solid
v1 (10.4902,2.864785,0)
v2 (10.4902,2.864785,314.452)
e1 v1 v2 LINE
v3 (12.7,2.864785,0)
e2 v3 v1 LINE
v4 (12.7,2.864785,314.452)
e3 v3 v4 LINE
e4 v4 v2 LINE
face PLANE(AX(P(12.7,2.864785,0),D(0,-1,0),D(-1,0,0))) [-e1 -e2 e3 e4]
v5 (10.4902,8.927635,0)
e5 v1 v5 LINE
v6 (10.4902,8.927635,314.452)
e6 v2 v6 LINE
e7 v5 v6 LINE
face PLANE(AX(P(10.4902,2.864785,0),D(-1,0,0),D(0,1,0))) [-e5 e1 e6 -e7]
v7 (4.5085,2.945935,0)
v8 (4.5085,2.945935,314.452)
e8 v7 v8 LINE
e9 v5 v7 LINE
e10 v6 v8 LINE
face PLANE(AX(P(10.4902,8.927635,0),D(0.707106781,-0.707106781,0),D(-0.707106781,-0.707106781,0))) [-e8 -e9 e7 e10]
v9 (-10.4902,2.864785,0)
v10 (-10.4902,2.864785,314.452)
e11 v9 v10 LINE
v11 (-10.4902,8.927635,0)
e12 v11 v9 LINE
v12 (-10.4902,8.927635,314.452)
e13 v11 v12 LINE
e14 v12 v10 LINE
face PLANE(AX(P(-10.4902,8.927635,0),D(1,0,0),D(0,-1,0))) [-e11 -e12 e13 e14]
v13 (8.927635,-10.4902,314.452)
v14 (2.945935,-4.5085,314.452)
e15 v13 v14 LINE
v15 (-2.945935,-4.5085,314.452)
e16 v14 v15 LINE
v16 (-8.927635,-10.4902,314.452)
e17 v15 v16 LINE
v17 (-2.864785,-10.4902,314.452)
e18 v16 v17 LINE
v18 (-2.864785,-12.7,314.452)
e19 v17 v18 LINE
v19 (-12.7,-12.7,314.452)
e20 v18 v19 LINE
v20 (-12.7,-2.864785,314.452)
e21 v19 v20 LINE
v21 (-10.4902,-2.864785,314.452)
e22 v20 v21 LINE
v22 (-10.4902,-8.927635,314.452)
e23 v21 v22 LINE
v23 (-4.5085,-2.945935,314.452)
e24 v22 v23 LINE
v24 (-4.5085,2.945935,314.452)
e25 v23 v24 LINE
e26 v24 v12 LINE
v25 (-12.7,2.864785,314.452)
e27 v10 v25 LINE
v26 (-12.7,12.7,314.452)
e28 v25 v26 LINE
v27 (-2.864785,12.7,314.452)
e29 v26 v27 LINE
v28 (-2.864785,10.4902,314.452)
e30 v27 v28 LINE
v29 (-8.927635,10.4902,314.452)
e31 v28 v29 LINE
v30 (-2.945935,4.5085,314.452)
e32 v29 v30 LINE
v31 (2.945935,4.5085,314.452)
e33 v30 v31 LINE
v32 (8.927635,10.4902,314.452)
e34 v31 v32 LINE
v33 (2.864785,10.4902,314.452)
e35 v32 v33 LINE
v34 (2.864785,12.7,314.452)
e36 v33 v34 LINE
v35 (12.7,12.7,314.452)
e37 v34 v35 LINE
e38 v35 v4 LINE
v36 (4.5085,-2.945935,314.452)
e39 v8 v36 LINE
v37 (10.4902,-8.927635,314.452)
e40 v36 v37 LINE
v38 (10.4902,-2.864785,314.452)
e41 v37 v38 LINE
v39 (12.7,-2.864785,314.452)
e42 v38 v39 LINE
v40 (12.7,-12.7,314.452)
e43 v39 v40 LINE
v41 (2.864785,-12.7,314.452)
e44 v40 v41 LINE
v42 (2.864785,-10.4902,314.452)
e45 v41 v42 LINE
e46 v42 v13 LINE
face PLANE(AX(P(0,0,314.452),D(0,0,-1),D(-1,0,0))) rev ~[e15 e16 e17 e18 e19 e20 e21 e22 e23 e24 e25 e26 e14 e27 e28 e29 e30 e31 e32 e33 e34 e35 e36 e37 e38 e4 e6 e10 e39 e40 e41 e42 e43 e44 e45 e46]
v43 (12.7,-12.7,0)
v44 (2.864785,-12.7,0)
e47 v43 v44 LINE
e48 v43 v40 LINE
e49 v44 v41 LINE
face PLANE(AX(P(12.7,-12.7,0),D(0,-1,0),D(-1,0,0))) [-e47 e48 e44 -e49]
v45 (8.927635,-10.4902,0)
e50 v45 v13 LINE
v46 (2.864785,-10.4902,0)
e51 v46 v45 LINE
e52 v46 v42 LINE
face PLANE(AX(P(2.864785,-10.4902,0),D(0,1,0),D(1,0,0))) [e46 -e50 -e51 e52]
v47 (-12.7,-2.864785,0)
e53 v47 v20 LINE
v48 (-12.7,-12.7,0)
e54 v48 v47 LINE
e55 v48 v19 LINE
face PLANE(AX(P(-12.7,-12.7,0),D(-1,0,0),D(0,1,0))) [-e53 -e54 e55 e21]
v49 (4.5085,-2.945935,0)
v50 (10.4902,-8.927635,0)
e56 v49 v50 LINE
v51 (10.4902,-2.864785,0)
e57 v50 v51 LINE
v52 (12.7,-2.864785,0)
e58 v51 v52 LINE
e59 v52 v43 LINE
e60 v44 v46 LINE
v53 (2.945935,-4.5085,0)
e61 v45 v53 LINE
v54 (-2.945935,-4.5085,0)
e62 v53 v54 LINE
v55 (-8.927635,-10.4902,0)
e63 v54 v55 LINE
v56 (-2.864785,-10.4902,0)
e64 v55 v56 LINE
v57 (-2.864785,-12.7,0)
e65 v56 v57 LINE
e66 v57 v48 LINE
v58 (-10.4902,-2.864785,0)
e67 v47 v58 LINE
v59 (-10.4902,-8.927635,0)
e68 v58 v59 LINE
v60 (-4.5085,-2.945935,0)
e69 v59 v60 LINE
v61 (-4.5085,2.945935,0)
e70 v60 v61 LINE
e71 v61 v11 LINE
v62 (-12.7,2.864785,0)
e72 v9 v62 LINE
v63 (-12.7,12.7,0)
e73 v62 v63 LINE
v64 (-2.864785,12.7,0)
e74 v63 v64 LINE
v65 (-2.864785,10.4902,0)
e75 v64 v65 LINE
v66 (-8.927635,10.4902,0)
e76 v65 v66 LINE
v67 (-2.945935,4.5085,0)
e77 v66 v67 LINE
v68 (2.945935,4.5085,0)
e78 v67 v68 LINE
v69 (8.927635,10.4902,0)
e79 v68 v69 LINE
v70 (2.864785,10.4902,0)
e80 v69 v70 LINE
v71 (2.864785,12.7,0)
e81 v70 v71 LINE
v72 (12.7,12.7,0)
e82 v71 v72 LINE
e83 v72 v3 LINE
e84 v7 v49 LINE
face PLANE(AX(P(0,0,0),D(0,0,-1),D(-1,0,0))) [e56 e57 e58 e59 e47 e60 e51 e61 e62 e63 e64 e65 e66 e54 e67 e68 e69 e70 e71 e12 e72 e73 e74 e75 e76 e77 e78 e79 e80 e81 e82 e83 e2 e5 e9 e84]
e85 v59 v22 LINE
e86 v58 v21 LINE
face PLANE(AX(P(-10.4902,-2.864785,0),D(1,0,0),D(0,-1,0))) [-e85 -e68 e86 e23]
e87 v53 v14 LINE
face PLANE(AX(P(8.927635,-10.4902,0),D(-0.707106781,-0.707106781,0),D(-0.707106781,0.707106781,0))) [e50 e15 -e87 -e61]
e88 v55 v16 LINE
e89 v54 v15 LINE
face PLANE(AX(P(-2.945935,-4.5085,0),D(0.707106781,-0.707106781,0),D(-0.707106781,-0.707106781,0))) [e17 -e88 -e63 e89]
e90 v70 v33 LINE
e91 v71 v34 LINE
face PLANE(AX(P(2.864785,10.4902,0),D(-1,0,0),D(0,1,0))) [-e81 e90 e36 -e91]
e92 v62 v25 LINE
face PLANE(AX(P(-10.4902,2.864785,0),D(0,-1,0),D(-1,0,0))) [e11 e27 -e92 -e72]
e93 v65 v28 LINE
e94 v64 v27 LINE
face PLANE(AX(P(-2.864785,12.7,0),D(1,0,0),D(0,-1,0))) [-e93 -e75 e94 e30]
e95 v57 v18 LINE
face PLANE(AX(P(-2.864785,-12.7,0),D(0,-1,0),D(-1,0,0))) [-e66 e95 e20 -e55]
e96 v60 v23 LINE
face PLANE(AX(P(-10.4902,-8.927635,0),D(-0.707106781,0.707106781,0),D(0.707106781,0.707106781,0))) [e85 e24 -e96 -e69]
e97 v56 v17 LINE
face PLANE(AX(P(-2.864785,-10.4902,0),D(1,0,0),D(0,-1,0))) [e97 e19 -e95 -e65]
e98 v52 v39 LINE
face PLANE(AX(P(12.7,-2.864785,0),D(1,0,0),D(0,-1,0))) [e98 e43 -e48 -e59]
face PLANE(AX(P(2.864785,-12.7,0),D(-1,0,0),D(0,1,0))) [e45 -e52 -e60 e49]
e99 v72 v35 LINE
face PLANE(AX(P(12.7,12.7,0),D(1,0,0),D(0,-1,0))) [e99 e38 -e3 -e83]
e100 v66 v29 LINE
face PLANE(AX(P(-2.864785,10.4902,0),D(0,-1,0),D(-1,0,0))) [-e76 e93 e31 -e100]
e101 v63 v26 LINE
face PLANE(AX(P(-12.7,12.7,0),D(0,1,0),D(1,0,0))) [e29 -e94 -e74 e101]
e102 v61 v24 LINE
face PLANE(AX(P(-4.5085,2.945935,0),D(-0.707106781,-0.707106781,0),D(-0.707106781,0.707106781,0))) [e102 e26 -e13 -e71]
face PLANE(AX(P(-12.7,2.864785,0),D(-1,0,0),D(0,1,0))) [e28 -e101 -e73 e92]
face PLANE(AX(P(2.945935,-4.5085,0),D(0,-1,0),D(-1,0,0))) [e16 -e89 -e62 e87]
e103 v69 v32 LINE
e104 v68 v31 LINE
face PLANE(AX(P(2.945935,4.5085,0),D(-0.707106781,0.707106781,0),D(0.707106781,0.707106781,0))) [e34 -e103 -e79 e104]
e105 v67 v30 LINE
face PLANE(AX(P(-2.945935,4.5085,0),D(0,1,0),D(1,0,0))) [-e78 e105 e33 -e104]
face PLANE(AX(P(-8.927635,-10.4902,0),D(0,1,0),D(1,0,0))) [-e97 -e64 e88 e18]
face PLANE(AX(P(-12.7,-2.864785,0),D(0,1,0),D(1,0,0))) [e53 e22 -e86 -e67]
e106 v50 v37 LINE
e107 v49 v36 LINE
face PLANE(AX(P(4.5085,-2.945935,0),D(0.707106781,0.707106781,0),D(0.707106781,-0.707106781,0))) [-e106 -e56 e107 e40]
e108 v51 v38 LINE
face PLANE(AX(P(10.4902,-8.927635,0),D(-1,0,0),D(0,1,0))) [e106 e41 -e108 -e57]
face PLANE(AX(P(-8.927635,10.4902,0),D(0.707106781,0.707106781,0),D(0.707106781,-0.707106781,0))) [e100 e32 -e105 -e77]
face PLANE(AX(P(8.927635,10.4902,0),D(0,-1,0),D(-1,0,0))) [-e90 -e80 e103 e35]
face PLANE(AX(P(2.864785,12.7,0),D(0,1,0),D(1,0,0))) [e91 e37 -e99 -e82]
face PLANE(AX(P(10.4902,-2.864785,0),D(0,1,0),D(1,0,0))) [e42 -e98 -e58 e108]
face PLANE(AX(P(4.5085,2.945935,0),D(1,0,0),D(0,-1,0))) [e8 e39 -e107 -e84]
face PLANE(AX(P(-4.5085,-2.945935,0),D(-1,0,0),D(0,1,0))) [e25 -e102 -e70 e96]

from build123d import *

# Parameters (mm, degrees)
BOSS_EXTRUDE1_DEPTH = 314.452


with BuildPart() as part:
    # Sketch1 → Boss-Extrude1 (new body)
    with BuildSketch(Plane(origin=(11.365010382, -9.846206226, 0), x_dir=(1, 0, 0), z_dir=(0, 0, 1))):
        Polygon((-24.065010382, 22.546206226), (-14.229795365, 22.546206226), (-14.229795365, 20.336406226), (-20.292645817, 20.336406226), (-14.310945817, 14.354706226), (-8.419074947, 14.354706226), (-2.437374947, 20.336406226), (-8.5002254, 20.336406226), (-8.5002254, 22.546206226), (1.334989618, 22.546206226), (1.334989618, 12.710991208), (-0.874810382, 12.710991208), (-0.874810382, 18.773841661), (-6.856510382, 12.792141661), (-6.856510382, 6.900270791), (-0.874810382, 0.918570791), (-0.874810382, 6.981421243), (1.334989618, 6.981421243), (1.334989618, -2.853793774), (-8.5002254, -2.853793774), (-8.5002254, -0.643993774), (-2.437374947, -0.643993774), (-8.419074947, 5.337706226), (-14.310945817, 5.337706226), (-20.292645817, -0.643993774), (-14.229795365, -0.643993774), (-14.229795365, -2.853793774), (-24.065010382, -2.853793774), (-24.065010382, 6.981421243), (-21.855210382, 6.981421243), (-21.855210382, 0.918570791), (-15.873510382, 6.900270791), (-15.873510382, 12.792141661), (-21.855210382, 18.773841661), (-21.855210382, 12.710991208), (-24.065010382, 12.710991208), align=None)
    extrude(amount=BOSS_EXTRUDE1_DEPTH)


solid = part.part
